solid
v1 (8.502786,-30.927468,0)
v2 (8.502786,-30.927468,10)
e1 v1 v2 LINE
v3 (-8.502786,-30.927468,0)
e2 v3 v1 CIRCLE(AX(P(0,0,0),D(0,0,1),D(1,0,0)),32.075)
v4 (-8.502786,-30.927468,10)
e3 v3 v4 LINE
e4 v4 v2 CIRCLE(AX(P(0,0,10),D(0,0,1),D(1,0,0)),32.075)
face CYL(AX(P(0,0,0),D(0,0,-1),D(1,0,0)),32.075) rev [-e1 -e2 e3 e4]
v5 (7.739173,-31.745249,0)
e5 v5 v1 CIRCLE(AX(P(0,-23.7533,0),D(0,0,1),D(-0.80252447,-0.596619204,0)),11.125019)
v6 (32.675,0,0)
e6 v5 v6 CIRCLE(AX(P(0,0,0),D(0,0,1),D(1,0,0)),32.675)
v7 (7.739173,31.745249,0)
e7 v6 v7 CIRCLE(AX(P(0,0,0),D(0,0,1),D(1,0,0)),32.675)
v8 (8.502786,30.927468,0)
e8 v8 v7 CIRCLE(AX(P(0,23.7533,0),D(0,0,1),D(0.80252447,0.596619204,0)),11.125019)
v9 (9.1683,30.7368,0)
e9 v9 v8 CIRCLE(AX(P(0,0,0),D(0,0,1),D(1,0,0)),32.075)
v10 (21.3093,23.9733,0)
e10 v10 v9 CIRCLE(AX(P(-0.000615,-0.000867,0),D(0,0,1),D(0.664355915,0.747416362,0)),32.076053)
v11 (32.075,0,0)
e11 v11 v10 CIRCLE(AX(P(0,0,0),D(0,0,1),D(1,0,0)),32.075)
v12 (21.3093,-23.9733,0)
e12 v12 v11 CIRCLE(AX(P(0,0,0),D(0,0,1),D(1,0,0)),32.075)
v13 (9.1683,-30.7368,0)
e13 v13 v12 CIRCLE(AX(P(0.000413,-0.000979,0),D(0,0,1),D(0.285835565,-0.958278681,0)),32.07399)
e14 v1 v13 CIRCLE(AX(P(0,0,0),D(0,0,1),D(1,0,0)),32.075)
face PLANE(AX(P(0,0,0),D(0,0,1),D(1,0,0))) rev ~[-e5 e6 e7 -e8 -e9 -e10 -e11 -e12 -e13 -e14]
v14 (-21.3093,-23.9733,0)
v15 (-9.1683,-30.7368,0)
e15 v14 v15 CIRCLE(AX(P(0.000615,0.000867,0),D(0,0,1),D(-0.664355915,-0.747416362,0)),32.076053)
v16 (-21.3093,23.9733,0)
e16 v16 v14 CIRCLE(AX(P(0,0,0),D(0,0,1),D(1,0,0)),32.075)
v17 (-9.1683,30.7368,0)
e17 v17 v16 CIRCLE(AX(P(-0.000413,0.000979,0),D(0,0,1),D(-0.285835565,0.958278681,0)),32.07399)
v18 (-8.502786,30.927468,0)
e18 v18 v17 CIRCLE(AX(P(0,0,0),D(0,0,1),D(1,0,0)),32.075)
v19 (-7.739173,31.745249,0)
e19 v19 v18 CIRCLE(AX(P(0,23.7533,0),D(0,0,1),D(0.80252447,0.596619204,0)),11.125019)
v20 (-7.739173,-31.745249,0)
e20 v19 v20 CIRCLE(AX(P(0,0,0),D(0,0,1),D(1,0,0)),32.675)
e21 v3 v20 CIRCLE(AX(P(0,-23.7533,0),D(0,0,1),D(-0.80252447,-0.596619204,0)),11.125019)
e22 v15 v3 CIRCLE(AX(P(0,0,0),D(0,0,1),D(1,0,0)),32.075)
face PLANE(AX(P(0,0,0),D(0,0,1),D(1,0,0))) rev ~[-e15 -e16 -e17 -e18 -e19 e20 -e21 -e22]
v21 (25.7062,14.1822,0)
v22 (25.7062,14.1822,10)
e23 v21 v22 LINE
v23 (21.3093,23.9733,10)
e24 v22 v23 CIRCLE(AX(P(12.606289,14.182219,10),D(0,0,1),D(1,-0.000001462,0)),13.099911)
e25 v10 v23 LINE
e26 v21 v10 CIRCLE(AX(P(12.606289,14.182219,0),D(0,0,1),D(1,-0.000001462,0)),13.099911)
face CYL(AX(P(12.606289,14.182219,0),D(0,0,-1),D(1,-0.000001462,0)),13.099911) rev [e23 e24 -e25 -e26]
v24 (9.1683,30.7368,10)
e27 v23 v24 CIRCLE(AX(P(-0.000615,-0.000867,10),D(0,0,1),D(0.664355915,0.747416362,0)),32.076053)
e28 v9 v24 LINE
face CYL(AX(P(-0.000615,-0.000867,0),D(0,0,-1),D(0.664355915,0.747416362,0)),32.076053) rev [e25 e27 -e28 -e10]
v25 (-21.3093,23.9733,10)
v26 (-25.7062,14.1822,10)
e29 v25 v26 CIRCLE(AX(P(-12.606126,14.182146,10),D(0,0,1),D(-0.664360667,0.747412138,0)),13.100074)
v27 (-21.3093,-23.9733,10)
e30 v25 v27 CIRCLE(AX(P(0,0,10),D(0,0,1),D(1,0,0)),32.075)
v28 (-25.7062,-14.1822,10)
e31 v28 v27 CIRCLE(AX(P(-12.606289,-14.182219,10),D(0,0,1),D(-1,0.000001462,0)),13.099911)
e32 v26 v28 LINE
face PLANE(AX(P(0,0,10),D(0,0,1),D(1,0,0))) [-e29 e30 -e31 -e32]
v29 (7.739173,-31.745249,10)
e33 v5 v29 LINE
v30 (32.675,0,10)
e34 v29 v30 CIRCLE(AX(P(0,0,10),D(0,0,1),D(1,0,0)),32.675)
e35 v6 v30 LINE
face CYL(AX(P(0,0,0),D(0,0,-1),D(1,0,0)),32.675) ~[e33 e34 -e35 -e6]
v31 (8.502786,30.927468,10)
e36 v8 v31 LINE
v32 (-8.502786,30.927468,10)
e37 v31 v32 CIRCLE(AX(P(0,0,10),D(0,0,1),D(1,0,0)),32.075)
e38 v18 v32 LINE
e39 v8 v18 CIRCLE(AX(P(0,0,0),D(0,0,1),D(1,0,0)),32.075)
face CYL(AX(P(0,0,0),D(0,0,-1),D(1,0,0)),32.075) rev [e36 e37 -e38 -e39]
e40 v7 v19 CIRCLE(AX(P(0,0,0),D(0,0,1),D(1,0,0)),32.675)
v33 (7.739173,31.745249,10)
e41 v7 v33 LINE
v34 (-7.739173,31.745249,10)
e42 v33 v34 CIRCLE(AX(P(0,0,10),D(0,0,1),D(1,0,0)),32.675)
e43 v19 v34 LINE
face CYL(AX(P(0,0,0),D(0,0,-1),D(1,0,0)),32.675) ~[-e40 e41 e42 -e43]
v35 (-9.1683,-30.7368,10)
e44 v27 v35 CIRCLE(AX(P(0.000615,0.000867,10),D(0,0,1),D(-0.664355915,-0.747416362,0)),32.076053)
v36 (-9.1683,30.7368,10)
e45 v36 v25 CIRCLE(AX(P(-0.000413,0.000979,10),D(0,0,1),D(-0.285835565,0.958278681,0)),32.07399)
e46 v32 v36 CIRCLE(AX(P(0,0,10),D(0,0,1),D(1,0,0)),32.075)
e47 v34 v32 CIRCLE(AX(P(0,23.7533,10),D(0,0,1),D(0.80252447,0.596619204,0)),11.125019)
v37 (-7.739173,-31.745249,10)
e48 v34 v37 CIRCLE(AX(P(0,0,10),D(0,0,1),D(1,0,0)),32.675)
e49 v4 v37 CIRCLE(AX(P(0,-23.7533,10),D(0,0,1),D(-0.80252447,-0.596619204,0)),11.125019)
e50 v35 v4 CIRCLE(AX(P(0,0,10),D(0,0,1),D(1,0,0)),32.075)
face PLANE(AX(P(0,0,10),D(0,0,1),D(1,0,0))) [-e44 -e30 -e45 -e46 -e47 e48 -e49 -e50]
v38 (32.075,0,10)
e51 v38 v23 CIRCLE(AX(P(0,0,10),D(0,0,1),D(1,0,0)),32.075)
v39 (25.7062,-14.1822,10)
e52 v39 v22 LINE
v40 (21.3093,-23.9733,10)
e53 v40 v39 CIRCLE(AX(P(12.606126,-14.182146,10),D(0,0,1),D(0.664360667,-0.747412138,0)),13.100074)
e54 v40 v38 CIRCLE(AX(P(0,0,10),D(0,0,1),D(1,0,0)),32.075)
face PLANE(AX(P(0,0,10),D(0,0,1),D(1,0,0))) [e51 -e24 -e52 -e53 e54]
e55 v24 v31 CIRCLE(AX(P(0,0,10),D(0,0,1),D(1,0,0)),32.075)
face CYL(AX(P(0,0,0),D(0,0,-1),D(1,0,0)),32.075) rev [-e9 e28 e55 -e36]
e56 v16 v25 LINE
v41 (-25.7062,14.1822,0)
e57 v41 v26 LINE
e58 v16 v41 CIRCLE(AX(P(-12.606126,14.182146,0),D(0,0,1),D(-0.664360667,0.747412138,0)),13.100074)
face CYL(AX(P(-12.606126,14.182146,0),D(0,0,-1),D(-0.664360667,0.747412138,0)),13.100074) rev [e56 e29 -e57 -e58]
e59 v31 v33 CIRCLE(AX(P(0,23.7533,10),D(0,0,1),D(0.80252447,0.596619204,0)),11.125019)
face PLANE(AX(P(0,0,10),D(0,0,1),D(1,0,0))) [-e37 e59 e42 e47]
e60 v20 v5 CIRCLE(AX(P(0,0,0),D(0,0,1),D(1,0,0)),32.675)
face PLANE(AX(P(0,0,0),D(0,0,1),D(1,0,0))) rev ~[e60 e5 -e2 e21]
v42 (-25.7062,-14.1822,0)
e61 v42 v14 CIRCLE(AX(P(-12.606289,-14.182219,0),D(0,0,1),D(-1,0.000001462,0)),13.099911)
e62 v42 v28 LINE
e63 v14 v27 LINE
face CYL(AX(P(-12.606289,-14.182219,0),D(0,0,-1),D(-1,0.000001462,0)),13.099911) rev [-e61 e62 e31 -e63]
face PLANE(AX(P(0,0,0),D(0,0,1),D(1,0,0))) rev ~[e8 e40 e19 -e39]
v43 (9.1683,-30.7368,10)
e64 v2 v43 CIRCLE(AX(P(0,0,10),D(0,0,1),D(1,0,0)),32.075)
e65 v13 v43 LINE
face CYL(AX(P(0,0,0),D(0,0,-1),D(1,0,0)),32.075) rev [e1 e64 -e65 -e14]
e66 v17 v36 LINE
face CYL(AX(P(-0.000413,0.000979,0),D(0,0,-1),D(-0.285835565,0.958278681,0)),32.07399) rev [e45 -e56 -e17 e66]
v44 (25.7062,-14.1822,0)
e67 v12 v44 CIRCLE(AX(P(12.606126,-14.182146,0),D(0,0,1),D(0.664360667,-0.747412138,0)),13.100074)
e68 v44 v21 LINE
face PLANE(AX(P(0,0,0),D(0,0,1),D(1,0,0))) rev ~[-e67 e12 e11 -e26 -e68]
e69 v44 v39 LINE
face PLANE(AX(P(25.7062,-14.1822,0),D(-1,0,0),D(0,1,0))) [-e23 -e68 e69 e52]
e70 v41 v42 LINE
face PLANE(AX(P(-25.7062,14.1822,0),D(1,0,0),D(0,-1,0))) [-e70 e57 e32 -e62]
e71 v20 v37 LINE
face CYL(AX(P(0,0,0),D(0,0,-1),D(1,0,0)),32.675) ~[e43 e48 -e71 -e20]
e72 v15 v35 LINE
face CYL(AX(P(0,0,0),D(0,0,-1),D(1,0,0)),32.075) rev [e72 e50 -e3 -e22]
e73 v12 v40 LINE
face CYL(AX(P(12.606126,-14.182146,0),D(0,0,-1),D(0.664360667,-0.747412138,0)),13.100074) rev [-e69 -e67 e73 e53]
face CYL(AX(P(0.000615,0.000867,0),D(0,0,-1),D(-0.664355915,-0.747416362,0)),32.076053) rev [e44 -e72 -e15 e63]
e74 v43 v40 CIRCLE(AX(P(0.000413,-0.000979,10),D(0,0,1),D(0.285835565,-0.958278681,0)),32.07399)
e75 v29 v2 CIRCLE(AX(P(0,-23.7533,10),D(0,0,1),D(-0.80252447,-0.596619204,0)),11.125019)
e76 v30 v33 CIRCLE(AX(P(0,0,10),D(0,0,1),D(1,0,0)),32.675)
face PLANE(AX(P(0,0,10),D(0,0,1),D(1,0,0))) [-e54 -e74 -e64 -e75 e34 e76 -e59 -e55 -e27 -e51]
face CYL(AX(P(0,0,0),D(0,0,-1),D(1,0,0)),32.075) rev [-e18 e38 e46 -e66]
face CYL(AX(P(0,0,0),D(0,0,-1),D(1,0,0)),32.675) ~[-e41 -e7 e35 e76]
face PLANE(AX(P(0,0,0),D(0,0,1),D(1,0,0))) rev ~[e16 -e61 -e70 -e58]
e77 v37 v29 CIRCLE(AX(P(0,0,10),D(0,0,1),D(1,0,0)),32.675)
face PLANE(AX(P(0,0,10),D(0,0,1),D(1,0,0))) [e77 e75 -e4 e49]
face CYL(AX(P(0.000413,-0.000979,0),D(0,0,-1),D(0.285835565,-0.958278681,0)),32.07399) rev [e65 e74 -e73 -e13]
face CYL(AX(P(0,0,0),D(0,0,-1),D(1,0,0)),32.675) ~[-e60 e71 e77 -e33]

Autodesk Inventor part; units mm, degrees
ref_plane "YZ Plane" through (0, 0, 0) normal (1, 0, 0) x (0, 1, 0)
ref_plane "XZ Plane" through (0, 0, 0) normal (0, 1, 0) x (-1, 0, 0)
sketch "Sketch1" plane through (0, 0, 0) normal (0, 0, 1) x (1, 0, 0)
  arc A0 (8.9281, 30.3907) -> (-8.9281, 30.3907) centre (0, 23.7533) ccw projected
  arc A1 (21.0435, 23.6744) -> (8.9281, 30.3907) centre (0, 0) ccw projected
  arc A2 (25.3062, 14.1822) -> (21.0435, 23.6744) centre (12.6062, 14.1822) ccw projected
  line L0 (25.3062, 14.1822) -> (25.3062, -14.1822) projected
  arc A3 (21.0435, -23.6744) -> (25.3062, -14.1822) centre (12.6062, -14.1822) ccw construction
  arc A4 (8.9281, -30.3907) -> (21.0435, -23.6744) centre (0, 0) ccw projected
  arc A5 (-8.9281, -30.3907) -> (8.9281, -30.3907) centre (0, -23.7533) ccw projected
  arc A6 (-21.0435, -23.6744) -> (-8.9281, -30.3907) centre (0, 0) ccw projected
  arc A7 (-25.3062, -14.1822) -> (-21.0435, -23.6744) centre (-12.6062, -14.1822) ccw projected
  line L1 (-25.3062, -14.1822) -> (-25.3062, 14.1822) projected
  arc A8 (-21.0435, 23.6744) -> (-25.3062, 14.1822) centre (-12.6062, 14.1822) ccw projected
  arc A9 (-8.9281, 30.3907) -> (-21.0435, 23.6744) centre (0, 0) ccw projected
  circle A10 centre (0, 0) radius 35.025 projected
  circle A11 centre (0, 0) radius 31.675 construction
  line L2 (25.7062, -14.1822) -> (25.7062, 14.1822)
  arc A12 (25.7062, 14.1822) -> (21.3093, 23.9733) centre (12.6062, 14.1822) ccw
  arc A13 (21.3093, 23.9733) -> (9.1683, 30.7368) centre (0, 0) ccw
  arc A14 (9.1683, 30.7368) -> (-9.1683, 30.7368) centre (0, 23.7533) ccw construction
  arc A15 (-9.1683, 30.7368) -> (-21.3093, 23.9733) centre (0, 0) ccw
  arc A16 (-21.3093, 23.9733) -> (-25.7062, 14.1822) centre (-12.6062, 14.1822) ccw
  line L3 (-25.7062, 14.1822) -> (-25.7062, -14.1822)
  arc A17 (-25.7062, -14.1822) -> (-21.3093, -23.9733) centre (-12.6062, -14.1822) ccw
  arc A18 (-21.3093, -23.9733) -> (-9.1683, -30.7368) centre (0, 0) ccw
  arc A19 (-9.1683, -30.7368) -> (9.1683, -30.7368) centre (0, -23.7533) ccw construction
  arc A20 (9.1683, -30.7368) -> (21.3093, -23.9733) centre (0, 0) ccw
  arc A21 (21.3093, -23.9733) -> (25.7062, -14.1822) centre (12.6062, -14.1822) ccw
  circle A22 centre (0, 0) radius 32.675
  circle A23 centre (0, 0) radius 32.075
  point P0 (-9.1683, -30.7368)
  point P1 (-9.1683, 30.7368)
  point P2 (9.1683, 30.7368)
  dimension "d20" = 0.4
  dimension "d21" = 1
ref_plane "Work Plane1" through (-72.8034, -89.1781, 10) normal (0, 0, 1) x (0.7418, 0.6706, 0)
extrude "Extrusion1" add sketch "Sketch1" along normal up to surface (10 mm away) contours A23 A0 A22 | A0 A22 A5 A23 A20 A13 | A23 A15 A18 A5 A22 A0 | A23 A21 L2 A12 | A5 A23 A22 | A16 L3 A17 A23
properties part number "encoderring"
